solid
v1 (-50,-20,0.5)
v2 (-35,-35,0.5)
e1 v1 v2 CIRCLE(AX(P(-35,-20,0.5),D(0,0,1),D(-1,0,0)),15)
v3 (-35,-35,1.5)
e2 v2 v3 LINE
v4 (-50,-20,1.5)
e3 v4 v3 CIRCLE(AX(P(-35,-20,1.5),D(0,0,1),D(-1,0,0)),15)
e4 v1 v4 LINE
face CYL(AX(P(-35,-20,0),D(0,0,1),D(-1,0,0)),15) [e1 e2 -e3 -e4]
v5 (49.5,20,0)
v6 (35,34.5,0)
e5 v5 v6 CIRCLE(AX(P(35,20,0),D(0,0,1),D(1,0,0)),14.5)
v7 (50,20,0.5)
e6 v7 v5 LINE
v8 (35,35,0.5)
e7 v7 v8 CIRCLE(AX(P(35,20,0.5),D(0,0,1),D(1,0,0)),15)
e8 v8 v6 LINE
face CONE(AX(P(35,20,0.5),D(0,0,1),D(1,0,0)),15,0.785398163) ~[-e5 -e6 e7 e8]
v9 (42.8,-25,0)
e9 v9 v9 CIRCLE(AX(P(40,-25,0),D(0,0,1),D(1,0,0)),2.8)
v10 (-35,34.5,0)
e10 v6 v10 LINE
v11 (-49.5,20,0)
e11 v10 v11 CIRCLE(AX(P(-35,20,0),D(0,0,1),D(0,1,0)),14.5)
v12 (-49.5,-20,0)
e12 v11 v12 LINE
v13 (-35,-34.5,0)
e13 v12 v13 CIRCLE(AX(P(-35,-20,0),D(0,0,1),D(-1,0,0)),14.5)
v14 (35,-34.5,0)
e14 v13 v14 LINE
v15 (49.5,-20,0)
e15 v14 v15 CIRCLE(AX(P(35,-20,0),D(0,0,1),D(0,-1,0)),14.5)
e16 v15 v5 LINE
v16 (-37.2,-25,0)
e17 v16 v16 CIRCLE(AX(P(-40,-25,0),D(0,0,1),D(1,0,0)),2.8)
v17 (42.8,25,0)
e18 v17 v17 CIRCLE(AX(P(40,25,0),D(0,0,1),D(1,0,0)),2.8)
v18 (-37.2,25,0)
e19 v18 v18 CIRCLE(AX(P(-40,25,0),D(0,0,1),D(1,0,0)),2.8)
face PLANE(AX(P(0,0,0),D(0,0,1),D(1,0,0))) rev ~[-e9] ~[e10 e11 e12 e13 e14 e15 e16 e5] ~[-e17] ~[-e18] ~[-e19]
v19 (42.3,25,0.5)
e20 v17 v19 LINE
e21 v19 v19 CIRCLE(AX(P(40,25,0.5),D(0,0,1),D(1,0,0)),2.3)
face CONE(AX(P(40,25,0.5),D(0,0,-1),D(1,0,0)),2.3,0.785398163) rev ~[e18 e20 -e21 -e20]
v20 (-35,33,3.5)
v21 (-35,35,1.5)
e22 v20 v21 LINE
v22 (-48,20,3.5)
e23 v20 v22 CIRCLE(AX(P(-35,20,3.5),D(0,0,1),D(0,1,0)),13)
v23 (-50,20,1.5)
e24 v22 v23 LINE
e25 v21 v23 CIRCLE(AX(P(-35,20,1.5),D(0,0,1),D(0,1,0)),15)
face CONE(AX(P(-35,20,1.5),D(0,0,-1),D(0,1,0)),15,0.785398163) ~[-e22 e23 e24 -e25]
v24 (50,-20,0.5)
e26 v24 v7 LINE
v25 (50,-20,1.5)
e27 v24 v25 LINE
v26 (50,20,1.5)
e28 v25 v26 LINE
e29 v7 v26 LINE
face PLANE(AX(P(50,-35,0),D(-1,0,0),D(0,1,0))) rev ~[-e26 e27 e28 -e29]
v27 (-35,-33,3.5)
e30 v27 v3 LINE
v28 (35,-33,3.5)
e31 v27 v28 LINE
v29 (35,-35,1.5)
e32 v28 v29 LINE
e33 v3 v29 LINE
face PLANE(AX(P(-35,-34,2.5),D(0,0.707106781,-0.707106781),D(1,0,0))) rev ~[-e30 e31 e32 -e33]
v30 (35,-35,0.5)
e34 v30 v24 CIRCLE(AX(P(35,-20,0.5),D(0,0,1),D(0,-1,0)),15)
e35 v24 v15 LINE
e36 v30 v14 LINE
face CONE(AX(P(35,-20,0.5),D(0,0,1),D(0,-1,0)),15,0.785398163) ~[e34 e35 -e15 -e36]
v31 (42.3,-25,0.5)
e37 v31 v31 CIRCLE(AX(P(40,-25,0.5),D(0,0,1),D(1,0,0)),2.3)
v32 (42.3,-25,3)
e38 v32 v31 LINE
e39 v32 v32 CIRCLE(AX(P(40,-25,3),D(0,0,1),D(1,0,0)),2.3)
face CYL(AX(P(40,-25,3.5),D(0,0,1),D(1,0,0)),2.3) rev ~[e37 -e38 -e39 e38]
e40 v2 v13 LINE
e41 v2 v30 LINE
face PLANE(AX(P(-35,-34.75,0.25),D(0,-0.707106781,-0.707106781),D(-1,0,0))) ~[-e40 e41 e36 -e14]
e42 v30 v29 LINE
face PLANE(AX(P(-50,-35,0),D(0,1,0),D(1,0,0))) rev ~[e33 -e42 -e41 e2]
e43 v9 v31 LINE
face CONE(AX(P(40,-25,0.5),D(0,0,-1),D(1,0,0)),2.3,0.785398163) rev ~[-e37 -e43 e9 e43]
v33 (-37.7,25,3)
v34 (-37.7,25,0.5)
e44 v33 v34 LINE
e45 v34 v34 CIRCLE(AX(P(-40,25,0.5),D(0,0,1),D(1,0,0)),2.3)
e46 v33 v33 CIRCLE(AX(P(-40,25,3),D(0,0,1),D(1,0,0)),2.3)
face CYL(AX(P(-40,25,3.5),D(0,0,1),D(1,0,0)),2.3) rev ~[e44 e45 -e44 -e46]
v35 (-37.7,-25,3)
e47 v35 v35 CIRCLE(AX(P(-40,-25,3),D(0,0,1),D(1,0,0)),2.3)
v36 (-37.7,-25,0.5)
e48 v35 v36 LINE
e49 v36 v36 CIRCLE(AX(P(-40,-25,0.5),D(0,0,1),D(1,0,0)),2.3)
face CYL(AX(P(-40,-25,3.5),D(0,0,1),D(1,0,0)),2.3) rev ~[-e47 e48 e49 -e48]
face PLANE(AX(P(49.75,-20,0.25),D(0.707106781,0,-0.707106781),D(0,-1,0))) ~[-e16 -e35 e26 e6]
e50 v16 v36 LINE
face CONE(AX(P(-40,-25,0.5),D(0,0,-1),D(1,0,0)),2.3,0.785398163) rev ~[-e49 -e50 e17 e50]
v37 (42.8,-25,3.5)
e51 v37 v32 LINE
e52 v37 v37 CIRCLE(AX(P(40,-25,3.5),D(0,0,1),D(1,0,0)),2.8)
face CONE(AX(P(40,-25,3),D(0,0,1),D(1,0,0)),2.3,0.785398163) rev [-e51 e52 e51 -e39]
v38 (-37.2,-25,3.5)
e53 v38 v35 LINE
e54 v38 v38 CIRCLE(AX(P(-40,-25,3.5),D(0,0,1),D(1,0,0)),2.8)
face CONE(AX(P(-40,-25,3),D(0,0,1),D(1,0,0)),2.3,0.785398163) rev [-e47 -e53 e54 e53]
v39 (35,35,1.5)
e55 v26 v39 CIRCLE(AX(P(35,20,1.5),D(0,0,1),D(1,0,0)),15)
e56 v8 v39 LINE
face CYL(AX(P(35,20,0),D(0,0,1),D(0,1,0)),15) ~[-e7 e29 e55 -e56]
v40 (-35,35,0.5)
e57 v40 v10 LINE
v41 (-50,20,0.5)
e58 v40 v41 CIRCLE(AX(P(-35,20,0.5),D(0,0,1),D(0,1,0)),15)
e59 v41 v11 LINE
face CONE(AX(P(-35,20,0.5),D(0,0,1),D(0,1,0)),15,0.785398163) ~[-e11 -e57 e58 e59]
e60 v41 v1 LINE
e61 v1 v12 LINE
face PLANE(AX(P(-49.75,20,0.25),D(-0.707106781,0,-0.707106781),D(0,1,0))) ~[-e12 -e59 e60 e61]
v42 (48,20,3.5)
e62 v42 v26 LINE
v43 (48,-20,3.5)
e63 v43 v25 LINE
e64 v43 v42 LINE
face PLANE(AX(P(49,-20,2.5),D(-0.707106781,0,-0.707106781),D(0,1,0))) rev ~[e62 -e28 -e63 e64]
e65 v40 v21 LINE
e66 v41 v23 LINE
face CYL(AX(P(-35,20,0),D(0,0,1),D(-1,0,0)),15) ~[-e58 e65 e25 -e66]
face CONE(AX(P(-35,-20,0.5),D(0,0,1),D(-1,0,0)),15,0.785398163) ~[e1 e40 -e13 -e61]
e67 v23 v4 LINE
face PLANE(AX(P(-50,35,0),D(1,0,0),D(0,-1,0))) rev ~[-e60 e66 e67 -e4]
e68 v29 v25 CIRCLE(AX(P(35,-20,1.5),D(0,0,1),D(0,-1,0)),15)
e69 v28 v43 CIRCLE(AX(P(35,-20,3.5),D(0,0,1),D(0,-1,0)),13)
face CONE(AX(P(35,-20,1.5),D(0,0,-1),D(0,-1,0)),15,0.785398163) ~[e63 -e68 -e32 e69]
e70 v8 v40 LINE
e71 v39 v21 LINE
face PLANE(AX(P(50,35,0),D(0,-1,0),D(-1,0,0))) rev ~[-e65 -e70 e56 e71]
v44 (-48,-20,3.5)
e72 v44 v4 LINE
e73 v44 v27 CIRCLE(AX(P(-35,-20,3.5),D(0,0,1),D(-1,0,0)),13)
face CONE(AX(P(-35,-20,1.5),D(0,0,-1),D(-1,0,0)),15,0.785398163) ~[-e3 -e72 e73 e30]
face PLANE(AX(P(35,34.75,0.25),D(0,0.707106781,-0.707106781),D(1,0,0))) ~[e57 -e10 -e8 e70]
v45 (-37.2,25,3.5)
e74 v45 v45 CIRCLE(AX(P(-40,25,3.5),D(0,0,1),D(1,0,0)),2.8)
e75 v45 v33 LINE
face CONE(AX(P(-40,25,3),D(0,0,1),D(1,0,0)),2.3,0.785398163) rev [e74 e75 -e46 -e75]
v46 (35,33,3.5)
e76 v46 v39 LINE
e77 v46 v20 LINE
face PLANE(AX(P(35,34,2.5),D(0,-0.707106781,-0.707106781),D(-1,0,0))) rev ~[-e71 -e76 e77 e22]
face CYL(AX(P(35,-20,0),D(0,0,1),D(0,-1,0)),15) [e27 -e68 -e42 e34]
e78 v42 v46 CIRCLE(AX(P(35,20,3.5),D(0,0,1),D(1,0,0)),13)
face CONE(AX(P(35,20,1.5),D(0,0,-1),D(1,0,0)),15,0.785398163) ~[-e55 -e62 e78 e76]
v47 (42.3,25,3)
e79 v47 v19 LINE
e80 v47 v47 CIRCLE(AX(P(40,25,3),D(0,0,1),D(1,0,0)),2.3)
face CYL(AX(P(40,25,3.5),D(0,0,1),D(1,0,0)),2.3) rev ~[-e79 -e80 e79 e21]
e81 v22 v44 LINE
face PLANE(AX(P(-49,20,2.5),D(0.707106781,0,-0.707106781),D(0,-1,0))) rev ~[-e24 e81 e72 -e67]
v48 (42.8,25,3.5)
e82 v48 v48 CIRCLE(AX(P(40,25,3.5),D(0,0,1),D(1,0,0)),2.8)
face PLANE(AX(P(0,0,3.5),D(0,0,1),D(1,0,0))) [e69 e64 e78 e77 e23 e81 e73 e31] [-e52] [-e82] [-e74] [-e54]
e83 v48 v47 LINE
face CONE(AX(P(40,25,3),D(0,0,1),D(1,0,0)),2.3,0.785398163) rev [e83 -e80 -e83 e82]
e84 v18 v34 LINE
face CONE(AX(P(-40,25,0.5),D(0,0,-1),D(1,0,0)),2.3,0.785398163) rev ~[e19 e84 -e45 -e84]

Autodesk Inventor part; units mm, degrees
ref_plane "YZ Plane" through (0, 0, 0) normal (1, 0, 0) x (0, 1, 0)
ref_plane "XZ Plane" through (0, 0, 0) normal (0, 1, 0) x (-1, 0, 0)
ref_plane "XY Plane" through (0, 0, 0) normal (0, 0, 1) x (1, 0, 0)
sketch "Sketch1" plane through (0, 0, 0) normal (0, 0, 1) x (1, 0, 0)
  line L0 (-50, -35) -> (50, -35)
  line L1 (50, -35) -> (50, 35)
  line L2 (50, 35) -> (-50, 35)
  line L3 (-50, 35) -> (-50, -35)
  line L4 (-50, -35) -> (50, 35) construction
  line L5 (50, -35) -> (-50, 35) construction
  point P0 (0, 0)
  dimension "d0" = 100
  dimension "d1" = 70
extrude "Extrusion1" add sketch "Sketch1" along normal blind 3.5
sketch "Sketch2" plane through (0, 0, 3.5) normal (0, 0, 1) x (1, 0, 0)
  circle A0 centre (-40, 25) radius 2.3
  line L0 (-70, 0) -> (70, 0) projected
  line L1 (0, -49) -> (0, 49) projected
  circle A1 centre (40, 25) radius 2.3
  circle A2 centre (-40, -25) radius 2.3
  circle A3 centre (40, -25) radius 2.3
  point P0 (0, 0)
  dimension "d4" = 40
  dimension "d5" = 25
  dimension "d6" = 4.6
extrude "Extrusion2" cut sketch "Sketch2" against normal up to surface (3.5 mm away)
fillet "Fillet1" radius 15 4 edges at (-50, 35, 1.75) (-50, -35, 1.75) (50, -35, 1.75) (50, 35, 1.75)
chamfer "Chamfer2" distance 0.5 angle 45 12 edges at (-50, 0, 0) (-45.6066, -30.6066, 0) (0, -35, 0) (45.6066, -30.6066, 0) (50, 0, 0) (45.6066, 30.6066, 0) (0, 35, 0) (-45.6066, 30.6066, 0) (-42.3, -25, 0) (-42.3, 25, 0) (37.7, 25, 0) (37.7, -25, 0)
chamfer "Chamfer3" distance 0.5 angle 45 4 edges at (-42.3, 25, 3.5) (37.7, 25, 3.5) (37.7, -25, 3.5) (-42.3, -25, 3.5)
chamfer "Chamfer4" distance 2 angle 45 8 edges at (-50, 0, 3.5) (-45.6066, -30.6066, 3.5) (0, -35, 3.5) (45.6066, -30.6066, 3.5) (50, 0, 3.5) (45.6066, 30.6066, 3.5) (0, 35, 3.5) (-45.6066, 30.6066, 3.5)
properties part number "_3DPrint"
